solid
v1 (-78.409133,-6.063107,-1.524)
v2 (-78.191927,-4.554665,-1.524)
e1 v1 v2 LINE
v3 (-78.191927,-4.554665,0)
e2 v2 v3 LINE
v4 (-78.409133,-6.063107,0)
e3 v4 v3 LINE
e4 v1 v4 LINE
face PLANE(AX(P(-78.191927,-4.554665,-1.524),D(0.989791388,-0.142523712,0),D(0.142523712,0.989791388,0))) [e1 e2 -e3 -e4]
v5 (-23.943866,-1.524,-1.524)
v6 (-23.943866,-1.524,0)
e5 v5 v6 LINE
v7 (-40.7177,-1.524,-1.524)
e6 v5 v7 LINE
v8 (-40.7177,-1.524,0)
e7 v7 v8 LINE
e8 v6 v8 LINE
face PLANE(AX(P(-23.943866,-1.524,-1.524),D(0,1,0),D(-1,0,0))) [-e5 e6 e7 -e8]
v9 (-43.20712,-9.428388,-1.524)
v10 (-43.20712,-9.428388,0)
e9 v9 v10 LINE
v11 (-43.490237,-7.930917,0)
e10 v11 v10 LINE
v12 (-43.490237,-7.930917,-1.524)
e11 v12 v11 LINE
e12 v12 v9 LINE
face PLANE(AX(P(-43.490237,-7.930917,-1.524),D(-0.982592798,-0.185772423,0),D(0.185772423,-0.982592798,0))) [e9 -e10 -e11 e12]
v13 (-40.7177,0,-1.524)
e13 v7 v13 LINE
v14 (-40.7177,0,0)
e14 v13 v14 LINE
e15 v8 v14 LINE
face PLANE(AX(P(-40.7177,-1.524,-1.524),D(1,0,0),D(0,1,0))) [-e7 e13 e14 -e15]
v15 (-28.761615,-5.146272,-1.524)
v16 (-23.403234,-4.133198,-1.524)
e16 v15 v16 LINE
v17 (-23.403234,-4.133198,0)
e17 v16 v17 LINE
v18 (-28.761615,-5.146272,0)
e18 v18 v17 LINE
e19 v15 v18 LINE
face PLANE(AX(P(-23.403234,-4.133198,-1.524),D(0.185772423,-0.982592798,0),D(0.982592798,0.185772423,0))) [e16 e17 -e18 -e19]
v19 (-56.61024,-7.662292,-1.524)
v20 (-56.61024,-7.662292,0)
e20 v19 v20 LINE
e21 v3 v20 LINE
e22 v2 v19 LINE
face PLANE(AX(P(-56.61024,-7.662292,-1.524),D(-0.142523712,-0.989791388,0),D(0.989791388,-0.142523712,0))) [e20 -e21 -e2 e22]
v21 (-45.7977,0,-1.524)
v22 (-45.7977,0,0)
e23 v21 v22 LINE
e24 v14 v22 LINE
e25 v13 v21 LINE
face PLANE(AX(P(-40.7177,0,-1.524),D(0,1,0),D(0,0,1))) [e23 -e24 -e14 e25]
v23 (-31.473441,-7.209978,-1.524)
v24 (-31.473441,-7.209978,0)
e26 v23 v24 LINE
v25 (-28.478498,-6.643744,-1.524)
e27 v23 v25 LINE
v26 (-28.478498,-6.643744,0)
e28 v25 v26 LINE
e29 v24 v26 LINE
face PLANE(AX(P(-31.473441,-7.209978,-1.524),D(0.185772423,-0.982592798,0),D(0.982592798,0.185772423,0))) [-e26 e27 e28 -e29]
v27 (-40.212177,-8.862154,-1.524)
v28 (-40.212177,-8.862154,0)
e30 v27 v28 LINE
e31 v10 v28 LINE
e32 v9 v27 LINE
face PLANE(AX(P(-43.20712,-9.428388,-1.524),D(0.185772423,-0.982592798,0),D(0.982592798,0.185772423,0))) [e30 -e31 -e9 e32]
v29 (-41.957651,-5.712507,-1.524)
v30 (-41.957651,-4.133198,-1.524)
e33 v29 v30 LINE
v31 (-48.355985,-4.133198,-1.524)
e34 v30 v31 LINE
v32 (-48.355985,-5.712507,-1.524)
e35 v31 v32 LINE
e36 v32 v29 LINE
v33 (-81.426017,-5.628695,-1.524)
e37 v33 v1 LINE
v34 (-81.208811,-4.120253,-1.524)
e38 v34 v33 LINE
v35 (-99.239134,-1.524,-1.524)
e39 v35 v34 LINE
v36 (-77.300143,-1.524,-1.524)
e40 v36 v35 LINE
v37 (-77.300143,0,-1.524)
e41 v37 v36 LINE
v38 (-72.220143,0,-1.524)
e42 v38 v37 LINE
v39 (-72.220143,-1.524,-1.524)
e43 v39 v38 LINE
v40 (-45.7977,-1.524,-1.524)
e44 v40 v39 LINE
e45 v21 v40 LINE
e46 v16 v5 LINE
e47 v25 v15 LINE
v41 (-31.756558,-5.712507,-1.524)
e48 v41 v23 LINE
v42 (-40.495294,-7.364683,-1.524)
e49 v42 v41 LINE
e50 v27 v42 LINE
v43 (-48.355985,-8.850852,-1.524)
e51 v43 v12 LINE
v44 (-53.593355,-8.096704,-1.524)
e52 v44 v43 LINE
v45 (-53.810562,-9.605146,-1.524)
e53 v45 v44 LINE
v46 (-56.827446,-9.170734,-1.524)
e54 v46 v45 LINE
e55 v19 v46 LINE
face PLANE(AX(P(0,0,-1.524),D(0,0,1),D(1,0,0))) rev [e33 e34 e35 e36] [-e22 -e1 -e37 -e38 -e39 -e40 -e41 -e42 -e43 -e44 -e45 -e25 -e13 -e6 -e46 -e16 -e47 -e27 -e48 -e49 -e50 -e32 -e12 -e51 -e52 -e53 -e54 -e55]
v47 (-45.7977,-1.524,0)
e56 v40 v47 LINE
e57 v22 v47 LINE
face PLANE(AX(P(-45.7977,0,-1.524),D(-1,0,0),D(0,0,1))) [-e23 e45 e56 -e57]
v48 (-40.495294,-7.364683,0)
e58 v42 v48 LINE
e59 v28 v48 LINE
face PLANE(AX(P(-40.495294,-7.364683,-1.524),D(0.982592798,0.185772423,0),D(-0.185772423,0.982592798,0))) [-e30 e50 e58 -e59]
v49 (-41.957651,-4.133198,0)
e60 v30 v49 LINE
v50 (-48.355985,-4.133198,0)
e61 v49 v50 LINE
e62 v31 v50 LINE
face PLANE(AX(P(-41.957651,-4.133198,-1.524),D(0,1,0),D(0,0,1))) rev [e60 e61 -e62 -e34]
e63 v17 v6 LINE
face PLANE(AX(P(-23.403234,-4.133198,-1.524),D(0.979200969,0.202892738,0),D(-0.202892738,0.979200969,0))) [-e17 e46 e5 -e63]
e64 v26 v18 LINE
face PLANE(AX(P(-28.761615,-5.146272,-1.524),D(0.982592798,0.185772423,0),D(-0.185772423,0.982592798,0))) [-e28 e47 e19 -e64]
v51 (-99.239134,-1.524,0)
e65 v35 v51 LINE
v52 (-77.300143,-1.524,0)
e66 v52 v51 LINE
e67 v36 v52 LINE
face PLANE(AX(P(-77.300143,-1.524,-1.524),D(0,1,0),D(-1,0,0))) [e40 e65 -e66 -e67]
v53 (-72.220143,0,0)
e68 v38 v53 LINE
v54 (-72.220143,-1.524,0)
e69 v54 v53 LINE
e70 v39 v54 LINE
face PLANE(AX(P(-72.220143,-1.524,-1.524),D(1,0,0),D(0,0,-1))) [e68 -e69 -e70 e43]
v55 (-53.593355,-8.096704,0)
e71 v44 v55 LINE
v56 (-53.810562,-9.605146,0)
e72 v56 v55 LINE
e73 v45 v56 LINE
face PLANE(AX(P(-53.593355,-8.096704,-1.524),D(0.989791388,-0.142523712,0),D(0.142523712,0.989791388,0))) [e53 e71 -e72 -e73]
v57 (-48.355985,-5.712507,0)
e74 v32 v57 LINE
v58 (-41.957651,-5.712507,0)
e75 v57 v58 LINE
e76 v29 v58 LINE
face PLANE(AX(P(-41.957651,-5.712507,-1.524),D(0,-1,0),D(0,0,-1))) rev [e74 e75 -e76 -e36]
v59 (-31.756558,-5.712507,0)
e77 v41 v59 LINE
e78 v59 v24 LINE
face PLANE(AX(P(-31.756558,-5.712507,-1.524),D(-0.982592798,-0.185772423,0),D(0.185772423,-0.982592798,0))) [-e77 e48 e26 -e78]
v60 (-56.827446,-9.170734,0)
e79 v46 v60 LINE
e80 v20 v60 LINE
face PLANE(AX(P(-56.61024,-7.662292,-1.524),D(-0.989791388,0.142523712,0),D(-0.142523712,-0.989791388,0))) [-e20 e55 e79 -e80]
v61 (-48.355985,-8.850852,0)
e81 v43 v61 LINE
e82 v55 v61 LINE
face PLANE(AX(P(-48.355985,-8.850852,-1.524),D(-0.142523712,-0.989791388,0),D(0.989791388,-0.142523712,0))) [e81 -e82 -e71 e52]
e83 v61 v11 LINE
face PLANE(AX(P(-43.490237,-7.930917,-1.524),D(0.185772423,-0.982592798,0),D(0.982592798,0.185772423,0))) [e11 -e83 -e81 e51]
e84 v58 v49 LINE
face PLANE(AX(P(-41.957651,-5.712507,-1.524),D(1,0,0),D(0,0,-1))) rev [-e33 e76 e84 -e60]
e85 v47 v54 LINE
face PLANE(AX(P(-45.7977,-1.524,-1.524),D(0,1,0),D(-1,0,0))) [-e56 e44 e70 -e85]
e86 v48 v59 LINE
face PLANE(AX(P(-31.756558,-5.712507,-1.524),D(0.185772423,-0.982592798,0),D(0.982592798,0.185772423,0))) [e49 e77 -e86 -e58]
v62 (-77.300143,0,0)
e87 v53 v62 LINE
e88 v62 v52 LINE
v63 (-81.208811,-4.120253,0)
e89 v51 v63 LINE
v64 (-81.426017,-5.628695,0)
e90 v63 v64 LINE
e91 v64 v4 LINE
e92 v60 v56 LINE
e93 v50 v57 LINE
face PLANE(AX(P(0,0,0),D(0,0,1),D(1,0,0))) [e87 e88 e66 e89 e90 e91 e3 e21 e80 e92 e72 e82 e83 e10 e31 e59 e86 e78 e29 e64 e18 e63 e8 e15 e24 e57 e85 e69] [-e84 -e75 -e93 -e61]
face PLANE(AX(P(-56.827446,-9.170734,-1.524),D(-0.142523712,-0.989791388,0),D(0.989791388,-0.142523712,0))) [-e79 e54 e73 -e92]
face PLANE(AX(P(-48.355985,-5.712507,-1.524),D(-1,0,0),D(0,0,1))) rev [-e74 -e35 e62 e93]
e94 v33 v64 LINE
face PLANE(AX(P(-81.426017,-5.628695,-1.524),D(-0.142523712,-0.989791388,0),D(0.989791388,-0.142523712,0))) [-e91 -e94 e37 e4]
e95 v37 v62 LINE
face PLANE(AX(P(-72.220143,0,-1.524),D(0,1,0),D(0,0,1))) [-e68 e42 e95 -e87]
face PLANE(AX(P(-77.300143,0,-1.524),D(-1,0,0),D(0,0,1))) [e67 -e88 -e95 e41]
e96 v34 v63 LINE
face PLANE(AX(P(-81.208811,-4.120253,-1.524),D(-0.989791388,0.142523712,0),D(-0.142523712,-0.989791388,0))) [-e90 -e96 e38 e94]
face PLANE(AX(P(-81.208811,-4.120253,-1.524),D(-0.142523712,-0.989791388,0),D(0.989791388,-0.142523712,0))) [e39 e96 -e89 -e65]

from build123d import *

# Parameters (mm, degrees)
SKETCH1_W           = 6.398334728
SKETCH1_H           = 1.579308664
BOSS_EXTRUDE1_DEPTH = 1.524


with BuildPart() as part:
    # Sketch1 → Boss-Extrude1 (new body)
    with BuildSketch(Plane.XY):
        Polygon((-23.403233798, -4.133198011), (-28.761615364, -5.146272329), (-28.478498191, -6.643743753), (-31.47344104, -7.209978099), (-31.756558213, -5.712506675), (-40.495294208, -7.364682597), (-40.212177035, -8.862154021), (-43.207119883, -9.428388367), (-43.490237056, -7.930916943), (-48.355985293, -8.850852284), (-53.593355447, -8.096704042), (-53.810561584, -9.605146117), (-56.827445734, -9.170733844), (-56.610239597, -7.662291769), (-78.191926721, -4.554665056), (-78.409132858, -6.063107132), (-81.426017008, -5.628694858), (-81.208810872, -4.120252783), (-99.239134473, -1.524), (-77.300143281, -1.524), (-77.300143281, 0), (-72.220143281, 0), (-72.220143281, -1.524), (-45.797700006, -1.524), (-45.797700006, 0), (-40.717700006, 0), (-40.717700006, -1.524), (-23.943865748, -1.524), align=None)
        with Locations((-45.156817929, -4.922852343)):
            Rectangle(SKETCH1_W, SKETCH1_H, mode=Mode.SUBTRACT)
    extrude(amount=-BOSS_EXTRUDE1_DEPTH)


solid = part.part
